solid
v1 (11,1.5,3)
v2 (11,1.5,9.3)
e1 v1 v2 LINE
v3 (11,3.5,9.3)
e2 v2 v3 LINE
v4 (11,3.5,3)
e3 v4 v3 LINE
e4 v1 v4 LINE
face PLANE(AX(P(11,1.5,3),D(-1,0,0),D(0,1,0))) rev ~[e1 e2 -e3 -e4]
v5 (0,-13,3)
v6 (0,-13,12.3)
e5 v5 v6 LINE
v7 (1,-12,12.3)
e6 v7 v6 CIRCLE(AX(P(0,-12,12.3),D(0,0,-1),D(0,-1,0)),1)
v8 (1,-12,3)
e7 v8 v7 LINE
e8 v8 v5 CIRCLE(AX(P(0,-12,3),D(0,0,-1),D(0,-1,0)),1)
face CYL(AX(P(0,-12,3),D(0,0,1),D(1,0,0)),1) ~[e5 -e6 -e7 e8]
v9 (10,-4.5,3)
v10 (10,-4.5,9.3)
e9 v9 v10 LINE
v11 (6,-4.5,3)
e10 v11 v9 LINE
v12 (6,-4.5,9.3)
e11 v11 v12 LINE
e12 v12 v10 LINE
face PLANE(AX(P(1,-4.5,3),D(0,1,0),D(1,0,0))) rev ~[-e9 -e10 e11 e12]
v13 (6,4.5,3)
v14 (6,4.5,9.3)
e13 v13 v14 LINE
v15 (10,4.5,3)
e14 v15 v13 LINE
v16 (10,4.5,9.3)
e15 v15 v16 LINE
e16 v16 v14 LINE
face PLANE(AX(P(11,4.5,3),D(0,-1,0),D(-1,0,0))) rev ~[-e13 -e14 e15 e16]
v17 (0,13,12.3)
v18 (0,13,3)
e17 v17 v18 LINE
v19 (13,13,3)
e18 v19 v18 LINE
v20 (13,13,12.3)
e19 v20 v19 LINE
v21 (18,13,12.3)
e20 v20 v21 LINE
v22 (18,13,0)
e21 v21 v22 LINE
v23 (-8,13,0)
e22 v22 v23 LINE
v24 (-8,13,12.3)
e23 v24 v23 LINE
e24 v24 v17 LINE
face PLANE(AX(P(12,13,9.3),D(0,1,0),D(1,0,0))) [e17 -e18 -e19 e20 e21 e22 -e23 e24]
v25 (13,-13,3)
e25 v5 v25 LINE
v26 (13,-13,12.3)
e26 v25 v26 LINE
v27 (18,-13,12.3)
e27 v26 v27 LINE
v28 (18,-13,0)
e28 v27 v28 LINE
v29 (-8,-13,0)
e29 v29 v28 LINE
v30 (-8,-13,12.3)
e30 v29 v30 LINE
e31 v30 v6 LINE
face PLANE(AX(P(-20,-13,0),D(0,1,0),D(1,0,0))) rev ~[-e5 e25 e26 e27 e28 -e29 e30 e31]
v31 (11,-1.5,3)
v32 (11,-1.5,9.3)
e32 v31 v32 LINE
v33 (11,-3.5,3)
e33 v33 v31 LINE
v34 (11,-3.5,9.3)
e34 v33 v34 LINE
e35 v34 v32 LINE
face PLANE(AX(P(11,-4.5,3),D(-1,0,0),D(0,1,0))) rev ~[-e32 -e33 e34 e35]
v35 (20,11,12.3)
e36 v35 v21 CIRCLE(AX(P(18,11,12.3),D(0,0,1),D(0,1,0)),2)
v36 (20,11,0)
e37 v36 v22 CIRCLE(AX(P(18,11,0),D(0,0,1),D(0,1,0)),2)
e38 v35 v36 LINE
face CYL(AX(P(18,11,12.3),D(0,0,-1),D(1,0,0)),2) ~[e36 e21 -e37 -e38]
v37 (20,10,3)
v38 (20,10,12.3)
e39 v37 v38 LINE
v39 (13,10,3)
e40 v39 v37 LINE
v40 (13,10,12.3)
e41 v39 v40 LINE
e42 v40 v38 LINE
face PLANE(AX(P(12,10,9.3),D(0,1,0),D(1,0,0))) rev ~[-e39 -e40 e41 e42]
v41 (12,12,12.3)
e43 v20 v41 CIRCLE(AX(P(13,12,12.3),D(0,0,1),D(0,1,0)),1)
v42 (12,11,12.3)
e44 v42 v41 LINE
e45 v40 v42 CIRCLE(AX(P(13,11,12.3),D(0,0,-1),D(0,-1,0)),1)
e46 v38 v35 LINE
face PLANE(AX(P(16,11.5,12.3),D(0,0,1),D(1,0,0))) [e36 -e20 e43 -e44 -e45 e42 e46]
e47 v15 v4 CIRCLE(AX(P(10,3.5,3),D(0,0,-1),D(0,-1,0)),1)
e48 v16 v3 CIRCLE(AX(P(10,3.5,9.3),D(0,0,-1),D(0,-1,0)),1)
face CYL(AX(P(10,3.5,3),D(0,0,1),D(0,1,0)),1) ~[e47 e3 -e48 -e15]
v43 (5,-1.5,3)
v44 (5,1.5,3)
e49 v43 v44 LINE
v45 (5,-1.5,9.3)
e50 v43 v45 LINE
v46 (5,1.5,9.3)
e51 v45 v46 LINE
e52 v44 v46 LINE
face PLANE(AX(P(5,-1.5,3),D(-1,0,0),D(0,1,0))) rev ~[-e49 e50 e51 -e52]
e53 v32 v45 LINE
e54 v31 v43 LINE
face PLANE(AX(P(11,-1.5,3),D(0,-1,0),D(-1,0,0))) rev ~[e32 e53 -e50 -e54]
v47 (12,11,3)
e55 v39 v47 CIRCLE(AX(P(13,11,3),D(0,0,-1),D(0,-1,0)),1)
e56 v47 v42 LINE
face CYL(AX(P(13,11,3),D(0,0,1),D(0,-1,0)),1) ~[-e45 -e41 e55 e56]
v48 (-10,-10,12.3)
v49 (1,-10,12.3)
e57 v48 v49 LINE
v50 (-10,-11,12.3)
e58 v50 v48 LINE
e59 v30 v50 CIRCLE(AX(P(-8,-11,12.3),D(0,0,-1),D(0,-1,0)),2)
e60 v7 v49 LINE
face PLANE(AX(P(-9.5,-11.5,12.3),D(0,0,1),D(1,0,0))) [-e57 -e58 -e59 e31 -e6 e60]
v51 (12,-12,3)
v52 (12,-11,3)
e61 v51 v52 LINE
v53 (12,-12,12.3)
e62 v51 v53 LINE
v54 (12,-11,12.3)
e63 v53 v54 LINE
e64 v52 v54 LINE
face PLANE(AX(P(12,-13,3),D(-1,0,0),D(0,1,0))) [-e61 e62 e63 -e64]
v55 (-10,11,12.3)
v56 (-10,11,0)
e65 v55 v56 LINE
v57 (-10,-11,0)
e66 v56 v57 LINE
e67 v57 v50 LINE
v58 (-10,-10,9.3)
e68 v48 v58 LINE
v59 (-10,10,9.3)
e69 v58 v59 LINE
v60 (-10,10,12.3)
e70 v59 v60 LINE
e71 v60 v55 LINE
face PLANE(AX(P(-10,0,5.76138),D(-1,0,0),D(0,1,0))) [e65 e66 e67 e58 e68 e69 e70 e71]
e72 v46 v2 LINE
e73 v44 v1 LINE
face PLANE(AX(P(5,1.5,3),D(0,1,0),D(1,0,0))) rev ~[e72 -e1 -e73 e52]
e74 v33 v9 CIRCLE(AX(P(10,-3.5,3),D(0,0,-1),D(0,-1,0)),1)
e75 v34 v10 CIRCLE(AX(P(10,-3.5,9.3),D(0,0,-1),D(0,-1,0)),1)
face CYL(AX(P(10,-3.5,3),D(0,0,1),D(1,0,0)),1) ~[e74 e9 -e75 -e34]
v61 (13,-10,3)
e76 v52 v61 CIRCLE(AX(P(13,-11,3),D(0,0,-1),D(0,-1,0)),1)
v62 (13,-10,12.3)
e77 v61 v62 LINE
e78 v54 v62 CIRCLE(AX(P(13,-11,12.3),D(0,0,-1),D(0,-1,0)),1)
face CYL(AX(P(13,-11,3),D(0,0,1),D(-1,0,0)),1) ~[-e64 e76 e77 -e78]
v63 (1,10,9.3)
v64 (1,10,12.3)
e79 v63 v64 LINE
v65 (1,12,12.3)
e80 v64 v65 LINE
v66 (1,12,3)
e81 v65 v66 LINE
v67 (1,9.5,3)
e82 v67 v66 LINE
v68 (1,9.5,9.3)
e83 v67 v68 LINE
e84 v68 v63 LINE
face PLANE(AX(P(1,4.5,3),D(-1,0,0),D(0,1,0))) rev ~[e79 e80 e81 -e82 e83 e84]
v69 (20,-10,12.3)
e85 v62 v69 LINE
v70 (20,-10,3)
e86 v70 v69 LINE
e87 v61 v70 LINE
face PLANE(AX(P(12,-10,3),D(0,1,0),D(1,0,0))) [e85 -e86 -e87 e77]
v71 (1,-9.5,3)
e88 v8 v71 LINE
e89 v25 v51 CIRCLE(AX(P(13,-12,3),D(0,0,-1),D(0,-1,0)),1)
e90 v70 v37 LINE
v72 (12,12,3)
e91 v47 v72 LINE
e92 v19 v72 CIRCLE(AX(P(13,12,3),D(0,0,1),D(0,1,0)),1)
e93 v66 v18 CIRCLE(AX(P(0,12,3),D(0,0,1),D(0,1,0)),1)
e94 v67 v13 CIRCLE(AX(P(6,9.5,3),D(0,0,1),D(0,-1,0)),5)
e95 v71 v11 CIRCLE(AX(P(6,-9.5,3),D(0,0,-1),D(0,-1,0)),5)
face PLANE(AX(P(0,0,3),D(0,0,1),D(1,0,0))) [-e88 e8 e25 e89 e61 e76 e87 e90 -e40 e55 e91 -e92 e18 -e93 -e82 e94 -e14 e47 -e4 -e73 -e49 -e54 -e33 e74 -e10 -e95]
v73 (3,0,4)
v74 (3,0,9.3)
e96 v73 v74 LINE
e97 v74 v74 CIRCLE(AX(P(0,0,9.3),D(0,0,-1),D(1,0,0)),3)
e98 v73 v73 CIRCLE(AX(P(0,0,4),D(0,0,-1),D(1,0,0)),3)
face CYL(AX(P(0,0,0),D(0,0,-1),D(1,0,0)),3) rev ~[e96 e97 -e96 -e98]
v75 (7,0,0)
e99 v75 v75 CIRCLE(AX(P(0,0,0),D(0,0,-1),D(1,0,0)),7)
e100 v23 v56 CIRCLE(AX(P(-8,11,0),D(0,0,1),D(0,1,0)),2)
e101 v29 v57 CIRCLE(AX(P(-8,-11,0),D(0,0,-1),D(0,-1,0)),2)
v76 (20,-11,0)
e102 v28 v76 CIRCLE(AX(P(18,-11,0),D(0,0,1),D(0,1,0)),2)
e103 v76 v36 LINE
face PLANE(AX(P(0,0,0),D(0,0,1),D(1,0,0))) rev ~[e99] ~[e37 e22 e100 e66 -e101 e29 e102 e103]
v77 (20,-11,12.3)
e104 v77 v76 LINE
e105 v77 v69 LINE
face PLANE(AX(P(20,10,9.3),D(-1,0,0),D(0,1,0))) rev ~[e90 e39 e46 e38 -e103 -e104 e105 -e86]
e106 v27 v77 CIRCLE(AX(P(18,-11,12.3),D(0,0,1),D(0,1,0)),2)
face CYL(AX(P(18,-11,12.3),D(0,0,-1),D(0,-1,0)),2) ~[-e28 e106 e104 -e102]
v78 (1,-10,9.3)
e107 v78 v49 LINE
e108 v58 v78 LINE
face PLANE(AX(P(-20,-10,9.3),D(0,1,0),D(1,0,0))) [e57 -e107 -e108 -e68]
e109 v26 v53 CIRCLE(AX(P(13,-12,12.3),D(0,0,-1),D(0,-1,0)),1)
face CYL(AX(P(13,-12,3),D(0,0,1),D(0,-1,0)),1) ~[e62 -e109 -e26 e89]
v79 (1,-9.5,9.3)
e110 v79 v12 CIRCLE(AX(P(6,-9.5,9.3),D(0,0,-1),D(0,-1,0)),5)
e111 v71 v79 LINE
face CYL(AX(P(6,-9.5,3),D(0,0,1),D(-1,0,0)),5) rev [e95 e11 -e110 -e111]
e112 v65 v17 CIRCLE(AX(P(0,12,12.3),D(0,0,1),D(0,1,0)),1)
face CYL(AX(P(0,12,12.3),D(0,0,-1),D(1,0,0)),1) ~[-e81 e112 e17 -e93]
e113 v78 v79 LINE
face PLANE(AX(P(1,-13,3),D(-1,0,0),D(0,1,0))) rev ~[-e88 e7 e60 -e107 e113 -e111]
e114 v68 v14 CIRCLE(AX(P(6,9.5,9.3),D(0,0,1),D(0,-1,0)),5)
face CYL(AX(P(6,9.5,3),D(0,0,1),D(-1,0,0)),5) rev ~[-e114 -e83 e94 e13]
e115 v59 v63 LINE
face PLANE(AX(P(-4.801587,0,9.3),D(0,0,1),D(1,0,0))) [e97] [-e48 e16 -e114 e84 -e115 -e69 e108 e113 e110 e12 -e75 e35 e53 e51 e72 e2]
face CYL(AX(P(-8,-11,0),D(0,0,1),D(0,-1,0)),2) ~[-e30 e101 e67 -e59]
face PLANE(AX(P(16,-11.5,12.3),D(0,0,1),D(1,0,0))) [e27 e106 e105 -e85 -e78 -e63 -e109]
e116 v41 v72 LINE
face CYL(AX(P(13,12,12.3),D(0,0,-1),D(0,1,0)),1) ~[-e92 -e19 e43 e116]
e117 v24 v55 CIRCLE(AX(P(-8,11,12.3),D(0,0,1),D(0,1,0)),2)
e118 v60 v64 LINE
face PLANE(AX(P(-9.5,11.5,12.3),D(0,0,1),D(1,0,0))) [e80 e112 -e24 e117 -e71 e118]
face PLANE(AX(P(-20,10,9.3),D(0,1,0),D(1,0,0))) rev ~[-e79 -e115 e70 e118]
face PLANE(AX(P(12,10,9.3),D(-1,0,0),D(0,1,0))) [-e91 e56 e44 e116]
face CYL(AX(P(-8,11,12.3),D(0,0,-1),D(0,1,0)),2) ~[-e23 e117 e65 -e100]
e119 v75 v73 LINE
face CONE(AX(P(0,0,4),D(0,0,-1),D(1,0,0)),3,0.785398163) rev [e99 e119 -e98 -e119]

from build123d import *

# Parameters (mm, degrees)
PAD_DEPTH       = 3
SKETCH001_W     = 8
SKETCH001_H     = 3
PAD001_DEPTH    = 6.3
SKETCH002_W     = 8
SKETCH002_H     = 3
SKETCH002_W_2   = 21
PAD002_DEPTH    = 3
SKETCH003_R     = 3
POCKET_DEPTH    = 20
CHAMFER_SIZE2   = 4
CHAMFER_SIZE    = 4
FILLET001_R     = 5
FILLET002_R     = 1
POCKET001_DEPTH = 10
FILLET_R        = 2


with BuildPart() as part:
    # Sketch → Pad (new body)
    with BuildSketch(Plane.XY):
        Polygon((20, -10), (20, 10), (20, 13), (-20, 13), (-20, 10), (-20, -10), (-20, -13), (20, -13), align=None)
    extrude(amount=PAD_DEPTH)

    # Sketch001 (on Face4 of Pad) → Pad001 (join)
    with BuildSketch(Plane.XY.offset(3)):
        with Locations((16, 11.5)):
            Rectangle(SKETCH001_W, SKETCH001_H)
        with Locations((16, -11.5)):
            Rectangle(SKETCH001_W, SKETCH001_H)
        Polygon((11, 1.5), (11, 4.5), (1, 4.5), (1, 13), (-20, 13), (-20, -13), (1, -13), (1, -4.5), (11, -4.5), (11, -1.5), (5, -1.5), (5, 1.5), align=None)
    extrude(amount=PAD001_DEPTH)

    # Sketch002 (on Face5 of Pad001) → Pad002 (join)
    with BuildSketch(Plane.XY.offset(9.3)):
        with Locations((16, 11.5)):
            Rectangle(SKETCH002_W, SKETCH002_H)
        with Locations((-9.5, 11.5)):
            Rectangle(SKETCH002_W_2, SKETCH002_H)
        with Locations((16, -11.5)):
            Rectangle(SKETCH002_W, SKETCH002_H)
        with Locations((-9.5, -11.5)):
            Rectangle(SKETCH002_W_2, SKETCH002_H)
    extrude(amount=PAD002_DEPTH)

    # Sketch003 (on Face1 of Pad002) → Pocket (cut)
    with BuildSketch(Plane(origin=(0, 0, 0), x_dir=(1, 0, 0), z_dir=(0, 0, -1))):
        Circle(SKETCH003_R)
    extrude(amount=-POCKET_DEPTH, mode=Mode.SUBTRACT)

    # Chamfer
    chamfer_edges = [part.edges().sort_by_distance(p)[0] for p in [
        (-3, 0, 0),
    ]]
    chamfer_side = part.faces().sort_by_distance((-19.522926, 0, 0))[0]
    chamfer(chamfer_edges, length=CHAMFER_SIZE, length2=CHAMFER_SIZE2, reference=chamfer_side)

    # Fillet001
    fillet001_edges = [part.edges().sort_by_distance(p)[0] for p in [
        (1, 4.5, 6.15),
        (1, -4.5, 6.15),
    ]]
    fillet(fillet001_edges, radius=FILLET001_R)

    # Fillet002
    fillet002_edges = [part.edges().sort_by_distance(p)[0] for p in [
        (11, 4.5, 6.15),
        (12, 10, 7.65),
        (11, -4.5, 6.15),
        (12, -10, 7.65),
        (1, 13, 7.65),
        (12, 13, 7.65),
        (1, -13, 7.65),
        (12, -13, 7.65),
    ]]
    fillet(fillet002_edges, radius=FILLET002_R)

    # Fillet002 Face10 → Pocket001 (cut)
    with BuildSketch(Plane(origin=(-20, 0, 5.076097), x_dir=(0, 1, 0), z_dir=(-1, 0, 0))):
        Polygon((13, 5.076097), (-13, 5.076097), (-13, -7.223903), (-10, -7.223903), (-10, -4.223903), (10, -4.223903), (10, -7.223903), (13, -7.223903), align=None)
    extrude(amount=-POCKET001_DEPTH, mode=Mode.SUBTRACT)

    # Fillet
    fillet_edges = [part.edges().sort_by_distance(p)[0] for p in [
        (-10, 13, 6.15),
        (20, 13, 6.15),
        (20, -13, 6.15),
        (-10, -13, 6.15),
    ]]
    fillet(fillet_edges, radius=FILLET_R)


solid = part.part
